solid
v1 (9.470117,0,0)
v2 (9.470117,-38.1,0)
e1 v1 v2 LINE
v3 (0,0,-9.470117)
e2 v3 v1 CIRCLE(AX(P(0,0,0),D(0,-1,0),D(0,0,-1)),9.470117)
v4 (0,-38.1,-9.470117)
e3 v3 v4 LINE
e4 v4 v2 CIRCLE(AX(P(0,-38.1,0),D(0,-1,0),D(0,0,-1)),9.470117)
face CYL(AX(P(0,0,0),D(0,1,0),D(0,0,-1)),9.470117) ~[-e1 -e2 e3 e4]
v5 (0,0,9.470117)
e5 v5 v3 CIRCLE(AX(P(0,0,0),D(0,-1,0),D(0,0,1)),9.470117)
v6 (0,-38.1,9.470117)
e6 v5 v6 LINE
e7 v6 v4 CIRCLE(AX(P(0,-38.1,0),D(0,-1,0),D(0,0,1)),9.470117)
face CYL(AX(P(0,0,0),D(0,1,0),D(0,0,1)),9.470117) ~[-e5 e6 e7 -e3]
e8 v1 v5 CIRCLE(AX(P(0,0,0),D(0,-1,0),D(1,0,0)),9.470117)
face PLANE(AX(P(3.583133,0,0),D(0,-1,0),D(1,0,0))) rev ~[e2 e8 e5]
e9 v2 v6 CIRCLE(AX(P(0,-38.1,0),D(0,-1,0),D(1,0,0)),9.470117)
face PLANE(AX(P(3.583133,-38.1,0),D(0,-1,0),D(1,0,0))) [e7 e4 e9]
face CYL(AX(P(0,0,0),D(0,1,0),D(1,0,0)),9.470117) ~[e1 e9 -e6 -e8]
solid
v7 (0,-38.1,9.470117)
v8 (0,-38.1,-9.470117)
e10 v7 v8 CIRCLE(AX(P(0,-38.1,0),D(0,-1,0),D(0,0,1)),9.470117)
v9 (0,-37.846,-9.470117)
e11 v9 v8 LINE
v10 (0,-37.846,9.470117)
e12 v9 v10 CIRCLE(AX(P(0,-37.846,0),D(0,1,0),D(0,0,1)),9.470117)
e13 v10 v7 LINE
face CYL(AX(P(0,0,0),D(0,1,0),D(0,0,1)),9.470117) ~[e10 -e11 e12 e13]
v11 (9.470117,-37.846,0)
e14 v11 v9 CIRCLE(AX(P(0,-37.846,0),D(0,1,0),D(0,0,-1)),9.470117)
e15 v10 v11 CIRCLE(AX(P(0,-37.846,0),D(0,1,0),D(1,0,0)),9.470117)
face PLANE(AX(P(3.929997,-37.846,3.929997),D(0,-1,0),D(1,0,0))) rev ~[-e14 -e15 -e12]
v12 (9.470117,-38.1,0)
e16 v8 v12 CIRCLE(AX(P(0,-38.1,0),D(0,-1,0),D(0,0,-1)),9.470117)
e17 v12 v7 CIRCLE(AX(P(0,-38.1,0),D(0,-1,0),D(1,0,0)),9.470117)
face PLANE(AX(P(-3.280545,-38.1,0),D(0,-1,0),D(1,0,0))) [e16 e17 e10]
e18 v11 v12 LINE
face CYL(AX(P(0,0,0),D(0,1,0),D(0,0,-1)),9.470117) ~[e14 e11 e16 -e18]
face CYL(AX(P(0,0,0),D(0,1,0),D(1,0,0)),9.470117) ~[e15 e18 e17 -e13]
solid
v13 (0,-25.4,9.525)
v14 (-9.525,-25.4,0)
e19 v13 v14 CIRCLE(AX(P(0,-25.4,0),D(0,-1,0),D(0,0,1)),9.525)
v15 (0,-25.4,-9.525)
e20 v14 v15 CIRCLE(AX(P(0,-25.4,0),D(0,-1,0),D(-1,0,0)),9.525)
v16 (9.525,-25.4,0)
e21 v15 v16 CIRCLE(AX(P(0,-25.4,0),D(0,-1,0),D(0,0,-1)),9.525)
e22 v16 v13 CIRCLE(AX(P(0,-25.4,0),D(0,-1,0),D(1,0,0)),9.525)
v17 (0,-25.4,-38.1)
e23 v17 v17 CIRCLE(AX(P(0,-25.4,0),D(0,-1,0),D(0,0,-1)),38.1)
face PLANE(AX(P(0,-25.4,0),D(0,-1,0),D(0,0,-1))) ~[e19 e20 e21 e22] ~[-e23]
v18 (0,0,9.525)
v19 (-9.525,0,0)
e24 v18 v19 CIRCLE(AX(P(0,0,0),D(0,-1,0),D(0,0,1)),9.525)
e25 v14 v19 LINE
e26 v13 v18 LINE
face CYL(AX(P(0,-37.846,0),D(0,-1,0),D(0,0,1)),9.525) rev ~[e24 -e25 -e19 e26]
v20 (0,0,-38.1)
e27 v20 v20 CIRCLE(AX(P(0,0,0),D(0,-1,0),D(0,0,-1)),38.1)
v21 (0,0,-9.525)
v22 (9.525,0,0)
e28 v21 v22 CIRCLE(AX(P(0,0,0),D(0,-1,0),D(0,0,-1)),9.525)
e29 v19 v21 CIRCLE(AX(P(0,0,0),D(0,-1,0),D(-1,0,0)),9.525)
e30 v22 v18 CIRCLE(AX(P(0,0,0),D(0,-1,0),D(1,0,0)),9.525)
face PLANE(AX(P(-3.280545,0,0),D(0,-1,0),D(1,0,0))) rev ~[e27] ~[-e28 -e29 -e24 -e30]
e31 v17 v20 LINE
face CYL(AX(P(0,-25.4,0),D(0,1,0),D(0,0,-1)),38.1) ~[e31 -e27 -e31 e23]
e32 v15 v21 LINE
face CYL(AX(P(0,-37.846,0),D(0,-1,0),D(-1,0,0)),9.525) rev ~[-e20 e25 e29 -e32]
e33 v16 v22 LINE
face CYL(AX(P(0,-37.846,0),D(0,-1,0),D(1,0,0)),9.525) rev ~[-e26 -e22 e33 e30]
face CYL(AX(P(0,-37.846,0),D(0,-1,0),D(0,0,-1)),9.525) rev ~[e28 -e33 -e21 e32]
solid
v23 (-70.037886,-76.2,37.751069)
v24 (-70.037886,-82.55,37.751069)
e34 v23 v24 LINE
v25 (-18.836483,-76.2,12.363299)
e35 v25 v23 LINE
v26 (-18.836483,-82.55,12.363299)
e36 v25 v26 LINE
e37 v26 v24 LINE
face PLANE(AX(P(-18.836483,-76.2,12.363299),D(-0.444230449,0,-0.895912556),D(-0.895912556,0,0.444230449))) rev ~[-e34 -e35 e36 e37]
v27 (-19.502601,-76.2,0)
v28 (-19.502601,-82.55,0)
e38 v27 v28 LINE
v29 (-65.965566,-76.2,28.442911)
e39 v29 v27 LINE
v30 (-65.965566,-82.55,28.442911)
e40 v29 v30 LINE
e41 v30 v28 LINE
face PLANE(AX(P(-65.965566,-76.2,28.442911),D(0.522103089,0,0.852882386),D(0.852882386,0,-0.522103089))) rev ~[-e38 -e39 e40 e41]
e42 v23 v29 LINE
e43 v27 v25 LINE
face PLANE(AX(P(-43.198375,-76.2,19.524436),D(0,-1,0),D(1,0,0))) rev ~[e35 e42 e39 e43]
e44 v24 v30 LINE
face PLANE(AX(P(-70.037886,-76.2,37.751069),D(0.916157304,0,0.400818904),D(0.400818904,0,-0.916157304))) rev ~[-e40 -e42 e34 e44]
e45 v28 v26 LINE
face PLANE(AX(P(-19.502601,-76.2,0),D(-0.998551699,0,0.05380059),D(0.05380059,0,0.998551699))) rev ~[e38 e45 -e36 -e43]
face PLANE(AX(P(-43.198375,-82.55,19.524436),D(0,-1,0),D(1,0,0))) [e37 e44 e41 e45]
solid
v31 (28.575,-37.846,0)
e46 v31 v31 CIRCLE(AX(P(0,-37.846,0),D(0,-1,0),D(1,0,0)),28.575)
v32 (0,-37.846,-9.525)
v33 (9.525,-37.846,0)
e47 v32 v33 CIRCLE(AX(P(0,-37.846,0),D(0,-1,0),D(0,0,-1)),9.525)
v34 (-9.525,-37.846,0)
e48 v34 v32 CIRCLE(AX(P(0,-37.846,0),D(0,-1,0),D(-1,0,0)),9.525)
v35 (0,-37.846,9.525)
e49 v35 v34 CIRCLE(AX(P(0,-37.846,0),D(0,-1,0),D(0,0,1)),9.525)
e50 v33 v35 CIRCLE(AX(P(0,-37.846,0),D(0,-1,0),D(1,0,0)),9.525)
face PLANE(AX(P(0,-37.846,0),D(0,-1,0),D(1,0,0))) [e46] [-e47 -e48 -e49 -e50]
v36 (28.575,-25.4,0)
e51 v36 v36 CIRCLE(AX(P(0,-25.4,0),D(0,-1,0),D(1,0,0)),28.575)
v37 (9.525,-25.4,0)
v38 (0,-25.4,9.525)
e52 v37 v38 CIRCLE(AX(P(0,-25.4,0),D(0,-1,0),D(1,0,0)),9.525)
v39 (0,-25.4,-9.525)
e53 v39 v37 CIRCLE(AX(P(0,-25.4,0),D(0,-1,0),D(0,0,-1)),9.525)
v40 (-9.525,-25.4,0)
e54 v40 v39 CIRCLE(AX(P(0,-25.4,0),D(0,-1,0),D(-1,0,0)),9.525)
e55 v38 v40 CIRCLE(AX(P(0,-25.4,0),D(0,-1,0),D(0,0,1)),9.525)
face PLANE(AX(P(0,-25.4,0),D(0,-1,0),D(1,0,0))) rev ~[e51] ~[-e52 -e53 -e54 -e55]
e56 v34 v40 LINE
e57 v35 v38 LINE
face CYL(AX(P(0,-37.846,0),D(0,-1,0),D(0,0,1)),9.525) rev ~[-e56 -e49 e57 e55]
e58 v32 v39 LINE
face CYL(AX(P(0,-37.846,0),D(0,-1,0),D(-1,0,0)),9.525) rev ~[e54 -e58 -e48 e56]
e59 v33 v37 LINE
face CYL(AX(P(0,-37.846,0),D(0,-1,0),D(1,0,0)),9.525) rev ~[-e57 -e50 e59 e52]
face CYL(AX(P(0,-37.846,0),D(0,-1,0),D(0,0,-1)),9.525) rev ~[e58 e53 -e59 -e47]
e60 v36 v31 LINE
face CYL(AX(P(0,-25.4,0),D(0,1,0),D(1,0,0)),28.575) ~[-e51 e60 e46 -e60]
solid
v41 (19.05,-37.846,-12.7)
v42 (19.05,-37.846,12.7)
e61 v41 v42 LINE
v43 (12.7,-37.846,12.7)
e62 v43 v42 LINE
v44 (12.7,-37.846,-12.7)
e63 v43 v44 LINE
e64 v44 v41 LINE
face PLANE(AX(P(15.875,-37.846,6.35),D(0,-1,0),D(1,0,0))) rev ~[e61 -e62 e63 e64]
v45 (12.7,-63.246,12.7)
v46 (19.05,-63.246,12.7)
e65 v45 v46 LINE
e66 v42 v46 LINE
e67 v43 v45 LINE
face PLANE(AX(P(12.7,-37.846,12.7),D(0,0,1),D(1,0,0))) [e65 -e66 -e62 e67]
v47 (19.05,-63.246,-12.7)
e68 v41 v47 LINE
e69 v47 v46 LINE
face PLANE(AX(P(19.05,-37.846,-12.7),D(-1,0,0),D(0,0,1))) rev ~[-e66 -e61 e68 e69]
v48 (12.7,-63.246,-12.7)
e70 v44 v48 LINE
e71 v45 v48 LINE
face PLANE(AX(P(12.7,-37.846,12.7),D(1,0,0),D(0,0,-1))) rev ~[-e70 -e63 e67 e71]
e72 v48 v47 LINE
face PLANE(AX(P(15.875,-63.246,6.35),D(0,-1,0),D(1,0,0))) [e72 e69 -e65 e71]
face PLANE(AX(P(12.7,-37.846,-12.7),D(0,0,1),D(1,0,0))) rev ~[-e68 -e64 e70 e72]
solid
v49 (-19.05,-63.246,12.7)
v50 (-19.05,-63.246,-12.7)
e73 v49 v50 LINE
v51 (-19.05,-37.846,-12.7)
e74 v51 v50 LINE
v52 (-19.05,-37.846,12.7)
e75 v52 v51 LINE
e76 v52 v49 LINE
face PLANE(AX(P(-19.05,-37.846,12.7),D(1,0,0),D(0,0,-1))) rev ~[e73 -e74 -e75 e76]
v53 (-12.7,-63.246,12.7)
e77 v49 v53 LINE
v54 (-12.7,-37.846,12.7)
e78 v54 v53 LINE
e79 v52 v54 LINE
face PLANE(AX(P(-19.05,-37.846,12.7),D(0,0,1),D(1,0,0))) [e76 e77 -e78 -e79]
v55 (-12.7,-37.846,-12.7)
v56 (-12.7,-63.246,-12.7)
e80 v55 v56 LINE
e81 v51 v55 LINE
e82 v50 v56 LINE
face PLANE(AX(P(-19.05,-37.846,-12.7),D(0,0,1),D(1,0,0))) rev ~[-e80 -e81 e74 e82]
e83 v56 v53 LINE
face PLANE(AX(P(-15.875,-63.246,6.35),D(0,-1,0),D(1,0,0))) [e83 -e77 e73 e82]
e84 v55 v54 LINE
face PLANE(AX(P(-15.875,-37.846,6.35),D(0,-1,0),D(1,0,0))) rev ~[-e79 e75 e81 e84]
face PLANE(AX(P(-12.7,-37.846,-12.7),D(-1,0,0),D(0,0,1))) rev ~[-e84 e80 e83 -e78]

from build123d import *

# Parameters (mm, degrees)
F4_DEPTH  = 38.1
F3_R      = 28.575
F3_R_2    = 9.4701166516
F5_DEPTH  = 12.446
F7_DEPTH  = 118.13693
F8_DEPTH  = 38.1
F6_W      = 6.35
F6_H      = 12.7
F9_DEPTH  = 25.4
F11_START = 76.2
F11_DEPTH = 6.35


with BuildPart() as f1:
    # F0 (on Right) → F1 (revolve)
    with BuildSketch(Plane.YZ):
        Polygon((0, -17.78), (0, 0), (-25.4, 0), (-25.4, -38.1), (0, -38.1), align=None)
    revolve(axis=Axis((0, 5.2446068449, 0), (0, -1, 0)))

    # F2 (on Front) → F4 (join)
    with BuildSketch(Plane.XZ):
        with BuildLine():
            ThreePointArc((0, 9.4701166516), (-9.4701166516, 0), (0, -9.4701166516))
            Line((0, -9.4701166516), (0, 9.4701166516))
        make_face()
        with BuildLine():
            Line((0, 9.4701166516), (0, -9.4701166516))
            ThreePointArc((0, -9.4701166516), (6.696383703, -6.696383703), (9.4701166516, 0))
            ThreePointArc((9.4701166516, 0), (6.696383703, 6.696383703), (0, 9.4701166516))
        make_face()
    extrude(amount=F4_DEPTH)


with BuildPart() as f5:
    # F3 (on face) → F5 (new body)
    with BuildSketch(Plane.XZ.offset(25.4)):
        Circle(F3_R)
        Circle(F3_R_2, mode=Mode.SUBTRACT)
        Circle(F3_R_2)
    extrude(amount=F5_DEPTH)


with BuildPart() as f7_tool:
    # F6 (on face) → F7 (new body)
    with BuildSketch(Plane.XZ.offset(37.846)):
        with BuildLine():
            Line((0, 0), (9.525, 0))
            ThreePointArc((9.525, 0), (6.7351920908, 6.7351920908), (0, 9.525))
            Line((0, 9.525), (0, 0))
        make_face()
        with BuildLine():
            Line((0, 0), (0, 9.525))
            ThreePointArc((0, 9.525), (-6.7351920908, 6.7351920908), (-9.525, 0))
            Line((-9.525, 0), (0, 0))
        make_face()
        with BuildLine():
            ThreePointArc((-9.525, 0), (-6.7351920908, -6.7351920908), (0, -9.525))
            Line((0, -9.525), (0, 0))
            Line((0, 0), (-9.525, 0))
        make_face()
        with BuildLine():
            ThreePointArc((0, -9.525), (6.7351920908, -6.7351920908), (9.525, 0))
            Line((9.525, 0), (0, 0))
            Line((0, 0), (0, -9.525))
        make_face()
    extrude(amount=-F7_DEPTH)


with BuildPart() as f1_1:
    add(f1.part)

    # F7: cut by f7_tool
    add(f7_tool.part, mode=Mode.SUBTRACT)


with BuildPart() as f5_1:
    add(f5.part)

    # F7: cut by f7_tool
    add(f7_tool.part, mode=Mode.SUBTRACT)


with BuildPart() as f8:
    # F2 (on Front) → F8 (new body)
    with BuildSketch(Plane.XZ):
        with BuildLine():
            Line((0, 9.4701166516), (0, -9.4701166516))
            ThreePointArc((0, -9.4701166516), (6.696383703, -6.696383703), (9.4701166516, 0))
            ThreePointArc((9.4701166516, 0), (6.696383703, 6.696383703), (0, 9.4701166516))
        make_face()
        with BuildLine():
            ThreePointArc((0, 9.4701166516), (-9.4701166516, 0), (0, -9.4701166516))
            Line((0, -9.4701166516), (0, 9.4701166516))
        make_face()
    extrude(amount=F8_DEPTH)


with BuildPart() as f9:
    # F6 (on face) → F9 (new body)
    with BuildSketch(Plane.XZ.offset(37.846)):
        with Locations((-15.875, 6.35)):
            Rectangle(F6_W, F6_H)
        with Locations((-15.875, -6.35)):
            Rectangle(F6_W, F6_H)
    extrude(amount=F9_DEPTH)


with BuildPart() as f9b:
    # F6 (on face) → F9, piece 2 (new body)
    with BuildSketch(Plane.XZ.offset(37.846)):
        with Locations((15.875, 6.35)):
            Rectangle(F6_W, F6_H)
        with Locations((15.875, -6.35)):
            Rectangle(F6_W, F6_H)
    extrude(amount=F9_DEPTH)


with BuildPart() as f11:
    # F10 (on Front) → F11 (new body)
    with BuildSketch(Plane.XZ.offset(F11_START)):
        Polygon((-65.9655656783, 28.4429107026), (-19.502600655, 0), (-18.8364831494, 12.3632987734), (-70.0378857396, 37.7510689156), align=None)
    extrude(amount=F11_DEPTH)


solid = Compound([f1_1.part, f5_1.part, f8.part, f9.part, f9b.part, f11.part])
